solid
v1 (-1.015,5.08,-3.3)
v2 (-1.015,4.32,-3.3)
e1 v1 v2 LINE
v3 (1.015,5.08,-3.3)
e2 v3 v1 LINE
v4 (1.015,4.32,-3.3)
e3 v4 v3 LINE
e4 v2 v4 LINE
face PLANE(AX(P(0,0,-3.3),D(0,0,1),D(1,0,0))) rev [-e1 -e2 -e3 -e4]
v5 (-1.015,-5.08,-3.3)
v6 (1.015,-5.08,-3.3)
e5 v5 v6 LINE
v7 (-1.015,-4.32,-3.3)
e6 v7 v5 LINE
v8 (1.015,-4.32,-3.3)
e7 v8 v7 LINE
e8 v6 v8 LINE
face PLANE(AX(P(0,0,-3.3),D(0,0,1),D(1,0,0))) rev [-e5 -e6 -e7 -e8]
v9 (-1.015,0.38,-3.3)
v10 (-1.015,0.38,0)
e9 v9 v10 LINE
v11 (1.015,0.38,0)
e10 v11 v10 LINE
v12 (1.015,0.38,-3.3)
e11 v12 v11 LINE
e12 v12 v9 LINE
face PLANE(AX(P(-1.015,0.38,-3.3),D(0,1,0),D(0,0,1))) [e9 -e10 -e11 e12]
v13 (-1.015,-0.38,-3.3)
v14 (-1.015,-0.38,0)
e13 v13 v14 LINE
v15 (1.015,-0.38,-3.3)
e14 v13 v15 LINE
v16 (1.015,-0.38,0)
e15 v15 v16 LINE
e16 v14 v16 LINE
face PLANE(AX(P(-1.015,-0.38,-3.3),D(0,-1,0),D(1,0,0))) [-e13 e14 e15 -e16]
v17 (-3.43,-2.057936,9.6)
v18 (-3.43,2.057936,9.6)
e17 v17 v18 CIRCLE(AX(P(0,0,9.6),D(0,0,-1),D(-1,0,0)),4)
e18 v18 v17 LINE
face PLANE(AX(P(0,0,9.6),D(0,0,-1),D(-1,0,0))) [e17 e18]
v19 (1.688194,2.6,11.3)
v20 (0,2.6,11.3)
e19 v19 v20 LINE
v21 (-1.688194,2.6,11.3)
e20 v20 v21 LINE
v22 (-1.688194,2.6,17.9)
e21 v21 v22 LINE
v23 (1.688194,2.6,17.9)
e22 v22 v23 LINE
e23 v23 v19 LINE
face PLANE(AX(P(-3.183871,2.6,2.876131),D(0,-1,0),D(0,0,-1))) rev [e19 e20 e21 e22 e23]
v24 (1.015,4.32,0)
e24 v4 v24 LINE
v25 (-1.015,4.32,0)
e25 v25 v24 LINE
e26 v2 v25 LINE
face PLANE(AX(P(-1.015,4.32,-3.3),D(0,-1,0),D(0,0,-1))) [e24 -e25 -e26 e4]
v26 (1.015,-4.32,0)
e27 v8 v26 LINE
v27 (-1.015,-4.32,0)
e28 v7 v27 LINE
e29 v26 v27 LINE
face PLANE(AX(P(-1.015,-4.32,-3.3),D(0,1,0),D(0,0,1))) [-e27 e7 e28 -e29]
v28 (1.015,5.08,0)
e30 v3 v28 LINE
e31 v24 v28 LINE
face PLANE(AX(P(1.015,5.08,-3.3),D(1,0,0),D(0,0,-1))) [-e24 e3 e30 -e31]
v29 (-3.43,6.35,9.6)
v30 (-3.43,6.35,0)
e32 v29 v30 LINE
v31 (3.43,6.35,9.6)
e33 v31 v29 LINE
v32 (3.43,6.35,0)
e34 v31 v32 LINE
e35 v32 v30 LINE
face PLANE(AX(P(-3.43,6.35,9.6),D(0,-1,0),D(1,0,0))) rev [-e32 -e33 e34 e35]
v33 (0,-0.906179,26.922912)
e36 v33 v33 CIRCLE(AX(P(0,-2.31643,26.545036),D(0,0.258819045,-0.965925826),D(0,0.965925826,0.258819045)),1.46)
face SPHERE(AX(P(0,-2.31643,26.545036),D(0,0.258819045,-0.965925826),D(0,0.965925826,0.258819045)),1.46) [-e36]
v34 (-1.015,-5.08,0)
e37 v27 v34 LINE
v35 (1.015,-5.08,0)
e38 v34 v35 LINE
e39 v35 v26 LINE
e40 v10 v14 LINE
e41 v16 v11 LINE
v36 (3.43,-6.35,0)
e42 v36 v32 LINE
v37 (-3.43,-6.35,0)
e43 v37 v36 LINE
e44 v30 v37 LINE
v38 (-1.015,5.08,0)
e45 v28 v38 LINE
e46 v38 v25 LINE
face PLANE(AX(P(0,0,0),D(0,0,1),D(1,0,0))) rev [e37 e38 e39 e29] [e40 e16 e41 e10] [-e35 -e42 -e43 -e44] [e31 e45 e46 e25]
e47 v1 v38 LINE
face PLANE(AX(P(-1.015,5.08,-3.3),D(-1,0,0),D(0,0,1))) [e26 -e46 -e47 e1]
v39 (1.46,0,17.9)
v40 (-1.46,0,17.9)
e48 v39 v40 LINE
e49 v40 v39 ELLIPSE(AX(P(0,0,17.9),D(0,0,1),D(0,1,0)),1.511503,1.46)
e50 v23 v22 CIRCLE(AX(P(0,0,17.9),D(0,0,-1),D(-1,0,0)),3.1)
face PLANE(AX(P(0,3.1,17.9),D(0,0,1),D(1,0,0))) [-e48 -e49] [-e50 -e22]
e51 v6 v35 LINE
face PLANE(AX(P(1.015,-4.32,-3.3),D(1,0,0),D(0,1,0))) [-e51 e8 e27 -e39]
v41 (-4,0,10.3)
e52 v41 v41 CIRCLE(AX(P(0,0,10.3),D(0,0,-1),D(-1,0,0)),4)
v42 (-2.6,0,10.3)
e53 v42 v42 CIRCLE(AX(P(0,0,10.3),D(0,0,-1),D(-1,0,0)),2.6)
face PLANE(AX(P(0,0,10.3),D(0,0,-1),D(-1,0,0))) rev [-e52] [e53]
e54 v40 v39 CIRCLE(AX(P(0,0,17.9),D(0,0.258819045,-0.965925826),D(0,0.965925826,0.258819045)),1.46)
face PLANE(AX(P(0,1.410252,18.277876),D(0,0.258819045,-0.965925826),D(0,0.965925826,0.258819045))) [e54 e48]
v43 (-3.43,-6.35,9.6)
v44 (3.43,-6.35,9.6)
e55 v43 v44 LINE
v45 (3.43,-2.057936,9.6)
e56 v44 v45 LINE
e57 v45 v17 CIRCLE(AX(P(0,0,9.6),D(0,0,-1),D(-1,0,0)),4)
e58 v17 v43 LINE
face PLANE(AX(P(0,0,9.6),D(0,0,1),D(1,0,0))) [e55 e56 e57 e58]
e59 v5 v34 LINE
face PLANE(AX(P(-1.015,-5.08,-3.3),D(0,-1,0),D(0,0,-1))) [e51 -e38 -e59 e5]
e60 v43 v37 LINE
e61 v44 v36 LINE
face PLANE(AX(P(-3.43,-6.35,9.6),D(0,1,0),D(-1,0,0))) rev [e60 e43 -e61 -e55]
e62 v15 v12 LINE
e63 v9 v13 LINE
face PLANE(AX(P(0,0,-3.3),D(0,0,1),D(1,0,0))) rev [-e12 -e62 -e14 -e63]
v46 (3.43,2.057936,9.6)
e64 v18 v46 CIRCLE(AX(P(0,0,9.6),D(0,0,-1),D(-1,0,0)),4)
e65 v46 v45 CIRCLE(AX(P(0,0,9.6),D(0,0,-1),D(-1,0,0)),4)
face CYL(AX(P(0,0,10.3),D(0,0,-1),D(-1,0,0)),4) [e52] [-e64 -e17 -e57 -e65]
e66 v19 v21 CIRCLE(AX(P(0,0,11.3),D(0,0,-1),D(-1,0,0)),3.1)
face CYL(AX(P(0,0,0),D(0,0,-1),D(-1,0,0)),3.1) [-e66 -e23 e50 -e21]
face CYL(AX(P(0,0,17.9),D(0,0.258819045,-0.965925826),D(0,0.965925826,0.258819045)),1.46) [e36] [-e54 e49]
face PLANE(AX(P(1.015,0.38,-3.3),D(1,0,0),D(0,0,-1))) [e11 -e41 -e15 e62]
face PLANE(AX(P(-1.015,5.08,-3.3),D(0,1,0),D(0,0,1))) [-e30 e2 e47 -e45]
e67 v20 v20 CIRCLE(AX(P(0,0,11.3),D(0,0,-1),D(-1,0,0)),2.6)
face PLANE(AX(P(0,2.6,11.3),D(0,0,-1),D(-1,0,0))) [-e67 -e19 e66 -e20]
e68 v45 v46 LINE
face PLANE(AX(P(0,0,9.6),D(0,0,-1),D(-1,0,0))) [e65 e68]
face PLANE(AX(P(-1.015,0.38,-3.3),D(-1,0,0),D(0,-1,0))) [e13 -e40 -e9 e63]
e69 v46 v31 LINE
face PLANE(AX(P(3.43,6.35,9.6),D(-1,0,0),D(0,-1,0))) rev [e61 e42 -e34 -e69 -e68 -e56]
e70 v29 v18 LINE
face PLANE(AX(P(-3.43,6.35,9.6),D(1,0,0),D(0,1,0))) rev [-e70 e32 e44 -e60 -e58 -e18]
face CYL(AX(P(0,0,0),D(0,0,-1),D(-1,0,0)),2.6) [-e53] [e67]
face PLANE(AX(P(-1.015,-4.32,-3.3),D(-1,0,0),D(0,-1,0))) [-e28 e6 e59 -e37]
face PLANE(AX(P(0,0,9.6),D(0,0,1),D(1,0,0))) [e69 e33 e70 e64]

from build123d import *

# Parameters (mm, degrees)
ESQUISSE1_W         = 6.86
ESQUISSE1_H         = 12.7
BOSS_EXTRU_1_DEPTH  = 9.6
SKETCH1_R           = 4
BOSS_EXTRUDE1_DEPTH = 0.7
ESQUISSE4_W         = 2.03
ESQUISSE4_H         = 0.76
BOSS_EXTRU_3_DEPTH  = 3.3
SKETCH3_W           = 6.833076834
SKETCH3_H           = 2.902220806
CUT_EXTRUDE1_DEPTH  = 7.6


with BuildPart() as part:
    # Esquisse1 → Boss.-Extru.1 (new body)
    with BuildSketch(Plane.XY):
        Rectangle(ESQUISSE1_W, ESQUISSE1_H)
    extrude(amount=BOSS_EXTRU_1_DEPTH)

    # Sketch1 → Boss-Extrude1 (add)
    with BuildSketch(Plane(origin=(0, 0, 9.6), x_dir=(-1, 0, 0), z_dir=(0, 0, -1))):
        Circle(SKETCH1_R)
    extrude(amount=-BOSS_EXTRUDE1_DEPTH)

    # Sketch2 → Revolve1 (revolve)
    with BuildSketch(Plane(origin=(0, 0, 0), x_dir=(0, 0, -1), z_dir=(1, 0, 0)), mode=Mode.PRIVATE) as revolve1_sk:
        Polygon((-10.3, 2.6), (-11.3, 2.6), (-11.3, 3.1), (-17.9, 3.1), (-17.9, 0), (-10.3, 0), align=None)
    revolve(revolve1_sk.sketch.rotate(Axis((0, 0, 0), (0, 0, 1)), 90), axis=Axis((0, 0, 0), (0, 0, 1)))

    # Esquisse3 → Révolution1 (revolve)
    with BuildSketch(Plane(origin=(0, 0, 0), x_dir=(0, 0, -1), z_dir=(1, 0, 0))):
        with BuildLine():
            Line((-26.922911951, -0.906178747), (-18.277875806, 1.410251706))
            Line((-18.277875806, 1.410251706), (-17.9, 0))
            Line((-17.9, 0), (-27.955287852, -2.69430626))
            ThreePointArc((-27.955287852, -2.69430626), (-27.809433235, -1.586430454), (-26.922911951, -0.906178747))
        make_face()
    revolve(axis=Axis((0, 0, 17.9), (0, -0.2588190451025217, 0.9659258262890681)))

    # Esquisse4 → Boss.-Extru.3 (add)
    with BuildSketch(Plane.XY):
        Rectangle(ESQUISSE4_W, ESQUISSE4_H)
        with Locations((0, 4.7)):
            Rectangle(ESQUISSE4_W, ESQUISSE4_H)
        with Locations((0, -4.7)):
            Rectangle(ESQUISSE4_W, ESQUISSE4_H)
    extrude(amount=-BOSS_EXTRU_3_DEPTH)

    # Sketch3 → Cut-Extrude1 (cut)
    with BuildSketch(Plane.XY.offset(17.9)):
        with Locations((0.232667491, 4.051110403)):
            Rectangle(SKETCH3_W, SKETCH3_H)
    extrude(amount=-CUT_EXTRUDE1_DEPTH, mode=Mode.SUBTRACT)


solid = part.part
